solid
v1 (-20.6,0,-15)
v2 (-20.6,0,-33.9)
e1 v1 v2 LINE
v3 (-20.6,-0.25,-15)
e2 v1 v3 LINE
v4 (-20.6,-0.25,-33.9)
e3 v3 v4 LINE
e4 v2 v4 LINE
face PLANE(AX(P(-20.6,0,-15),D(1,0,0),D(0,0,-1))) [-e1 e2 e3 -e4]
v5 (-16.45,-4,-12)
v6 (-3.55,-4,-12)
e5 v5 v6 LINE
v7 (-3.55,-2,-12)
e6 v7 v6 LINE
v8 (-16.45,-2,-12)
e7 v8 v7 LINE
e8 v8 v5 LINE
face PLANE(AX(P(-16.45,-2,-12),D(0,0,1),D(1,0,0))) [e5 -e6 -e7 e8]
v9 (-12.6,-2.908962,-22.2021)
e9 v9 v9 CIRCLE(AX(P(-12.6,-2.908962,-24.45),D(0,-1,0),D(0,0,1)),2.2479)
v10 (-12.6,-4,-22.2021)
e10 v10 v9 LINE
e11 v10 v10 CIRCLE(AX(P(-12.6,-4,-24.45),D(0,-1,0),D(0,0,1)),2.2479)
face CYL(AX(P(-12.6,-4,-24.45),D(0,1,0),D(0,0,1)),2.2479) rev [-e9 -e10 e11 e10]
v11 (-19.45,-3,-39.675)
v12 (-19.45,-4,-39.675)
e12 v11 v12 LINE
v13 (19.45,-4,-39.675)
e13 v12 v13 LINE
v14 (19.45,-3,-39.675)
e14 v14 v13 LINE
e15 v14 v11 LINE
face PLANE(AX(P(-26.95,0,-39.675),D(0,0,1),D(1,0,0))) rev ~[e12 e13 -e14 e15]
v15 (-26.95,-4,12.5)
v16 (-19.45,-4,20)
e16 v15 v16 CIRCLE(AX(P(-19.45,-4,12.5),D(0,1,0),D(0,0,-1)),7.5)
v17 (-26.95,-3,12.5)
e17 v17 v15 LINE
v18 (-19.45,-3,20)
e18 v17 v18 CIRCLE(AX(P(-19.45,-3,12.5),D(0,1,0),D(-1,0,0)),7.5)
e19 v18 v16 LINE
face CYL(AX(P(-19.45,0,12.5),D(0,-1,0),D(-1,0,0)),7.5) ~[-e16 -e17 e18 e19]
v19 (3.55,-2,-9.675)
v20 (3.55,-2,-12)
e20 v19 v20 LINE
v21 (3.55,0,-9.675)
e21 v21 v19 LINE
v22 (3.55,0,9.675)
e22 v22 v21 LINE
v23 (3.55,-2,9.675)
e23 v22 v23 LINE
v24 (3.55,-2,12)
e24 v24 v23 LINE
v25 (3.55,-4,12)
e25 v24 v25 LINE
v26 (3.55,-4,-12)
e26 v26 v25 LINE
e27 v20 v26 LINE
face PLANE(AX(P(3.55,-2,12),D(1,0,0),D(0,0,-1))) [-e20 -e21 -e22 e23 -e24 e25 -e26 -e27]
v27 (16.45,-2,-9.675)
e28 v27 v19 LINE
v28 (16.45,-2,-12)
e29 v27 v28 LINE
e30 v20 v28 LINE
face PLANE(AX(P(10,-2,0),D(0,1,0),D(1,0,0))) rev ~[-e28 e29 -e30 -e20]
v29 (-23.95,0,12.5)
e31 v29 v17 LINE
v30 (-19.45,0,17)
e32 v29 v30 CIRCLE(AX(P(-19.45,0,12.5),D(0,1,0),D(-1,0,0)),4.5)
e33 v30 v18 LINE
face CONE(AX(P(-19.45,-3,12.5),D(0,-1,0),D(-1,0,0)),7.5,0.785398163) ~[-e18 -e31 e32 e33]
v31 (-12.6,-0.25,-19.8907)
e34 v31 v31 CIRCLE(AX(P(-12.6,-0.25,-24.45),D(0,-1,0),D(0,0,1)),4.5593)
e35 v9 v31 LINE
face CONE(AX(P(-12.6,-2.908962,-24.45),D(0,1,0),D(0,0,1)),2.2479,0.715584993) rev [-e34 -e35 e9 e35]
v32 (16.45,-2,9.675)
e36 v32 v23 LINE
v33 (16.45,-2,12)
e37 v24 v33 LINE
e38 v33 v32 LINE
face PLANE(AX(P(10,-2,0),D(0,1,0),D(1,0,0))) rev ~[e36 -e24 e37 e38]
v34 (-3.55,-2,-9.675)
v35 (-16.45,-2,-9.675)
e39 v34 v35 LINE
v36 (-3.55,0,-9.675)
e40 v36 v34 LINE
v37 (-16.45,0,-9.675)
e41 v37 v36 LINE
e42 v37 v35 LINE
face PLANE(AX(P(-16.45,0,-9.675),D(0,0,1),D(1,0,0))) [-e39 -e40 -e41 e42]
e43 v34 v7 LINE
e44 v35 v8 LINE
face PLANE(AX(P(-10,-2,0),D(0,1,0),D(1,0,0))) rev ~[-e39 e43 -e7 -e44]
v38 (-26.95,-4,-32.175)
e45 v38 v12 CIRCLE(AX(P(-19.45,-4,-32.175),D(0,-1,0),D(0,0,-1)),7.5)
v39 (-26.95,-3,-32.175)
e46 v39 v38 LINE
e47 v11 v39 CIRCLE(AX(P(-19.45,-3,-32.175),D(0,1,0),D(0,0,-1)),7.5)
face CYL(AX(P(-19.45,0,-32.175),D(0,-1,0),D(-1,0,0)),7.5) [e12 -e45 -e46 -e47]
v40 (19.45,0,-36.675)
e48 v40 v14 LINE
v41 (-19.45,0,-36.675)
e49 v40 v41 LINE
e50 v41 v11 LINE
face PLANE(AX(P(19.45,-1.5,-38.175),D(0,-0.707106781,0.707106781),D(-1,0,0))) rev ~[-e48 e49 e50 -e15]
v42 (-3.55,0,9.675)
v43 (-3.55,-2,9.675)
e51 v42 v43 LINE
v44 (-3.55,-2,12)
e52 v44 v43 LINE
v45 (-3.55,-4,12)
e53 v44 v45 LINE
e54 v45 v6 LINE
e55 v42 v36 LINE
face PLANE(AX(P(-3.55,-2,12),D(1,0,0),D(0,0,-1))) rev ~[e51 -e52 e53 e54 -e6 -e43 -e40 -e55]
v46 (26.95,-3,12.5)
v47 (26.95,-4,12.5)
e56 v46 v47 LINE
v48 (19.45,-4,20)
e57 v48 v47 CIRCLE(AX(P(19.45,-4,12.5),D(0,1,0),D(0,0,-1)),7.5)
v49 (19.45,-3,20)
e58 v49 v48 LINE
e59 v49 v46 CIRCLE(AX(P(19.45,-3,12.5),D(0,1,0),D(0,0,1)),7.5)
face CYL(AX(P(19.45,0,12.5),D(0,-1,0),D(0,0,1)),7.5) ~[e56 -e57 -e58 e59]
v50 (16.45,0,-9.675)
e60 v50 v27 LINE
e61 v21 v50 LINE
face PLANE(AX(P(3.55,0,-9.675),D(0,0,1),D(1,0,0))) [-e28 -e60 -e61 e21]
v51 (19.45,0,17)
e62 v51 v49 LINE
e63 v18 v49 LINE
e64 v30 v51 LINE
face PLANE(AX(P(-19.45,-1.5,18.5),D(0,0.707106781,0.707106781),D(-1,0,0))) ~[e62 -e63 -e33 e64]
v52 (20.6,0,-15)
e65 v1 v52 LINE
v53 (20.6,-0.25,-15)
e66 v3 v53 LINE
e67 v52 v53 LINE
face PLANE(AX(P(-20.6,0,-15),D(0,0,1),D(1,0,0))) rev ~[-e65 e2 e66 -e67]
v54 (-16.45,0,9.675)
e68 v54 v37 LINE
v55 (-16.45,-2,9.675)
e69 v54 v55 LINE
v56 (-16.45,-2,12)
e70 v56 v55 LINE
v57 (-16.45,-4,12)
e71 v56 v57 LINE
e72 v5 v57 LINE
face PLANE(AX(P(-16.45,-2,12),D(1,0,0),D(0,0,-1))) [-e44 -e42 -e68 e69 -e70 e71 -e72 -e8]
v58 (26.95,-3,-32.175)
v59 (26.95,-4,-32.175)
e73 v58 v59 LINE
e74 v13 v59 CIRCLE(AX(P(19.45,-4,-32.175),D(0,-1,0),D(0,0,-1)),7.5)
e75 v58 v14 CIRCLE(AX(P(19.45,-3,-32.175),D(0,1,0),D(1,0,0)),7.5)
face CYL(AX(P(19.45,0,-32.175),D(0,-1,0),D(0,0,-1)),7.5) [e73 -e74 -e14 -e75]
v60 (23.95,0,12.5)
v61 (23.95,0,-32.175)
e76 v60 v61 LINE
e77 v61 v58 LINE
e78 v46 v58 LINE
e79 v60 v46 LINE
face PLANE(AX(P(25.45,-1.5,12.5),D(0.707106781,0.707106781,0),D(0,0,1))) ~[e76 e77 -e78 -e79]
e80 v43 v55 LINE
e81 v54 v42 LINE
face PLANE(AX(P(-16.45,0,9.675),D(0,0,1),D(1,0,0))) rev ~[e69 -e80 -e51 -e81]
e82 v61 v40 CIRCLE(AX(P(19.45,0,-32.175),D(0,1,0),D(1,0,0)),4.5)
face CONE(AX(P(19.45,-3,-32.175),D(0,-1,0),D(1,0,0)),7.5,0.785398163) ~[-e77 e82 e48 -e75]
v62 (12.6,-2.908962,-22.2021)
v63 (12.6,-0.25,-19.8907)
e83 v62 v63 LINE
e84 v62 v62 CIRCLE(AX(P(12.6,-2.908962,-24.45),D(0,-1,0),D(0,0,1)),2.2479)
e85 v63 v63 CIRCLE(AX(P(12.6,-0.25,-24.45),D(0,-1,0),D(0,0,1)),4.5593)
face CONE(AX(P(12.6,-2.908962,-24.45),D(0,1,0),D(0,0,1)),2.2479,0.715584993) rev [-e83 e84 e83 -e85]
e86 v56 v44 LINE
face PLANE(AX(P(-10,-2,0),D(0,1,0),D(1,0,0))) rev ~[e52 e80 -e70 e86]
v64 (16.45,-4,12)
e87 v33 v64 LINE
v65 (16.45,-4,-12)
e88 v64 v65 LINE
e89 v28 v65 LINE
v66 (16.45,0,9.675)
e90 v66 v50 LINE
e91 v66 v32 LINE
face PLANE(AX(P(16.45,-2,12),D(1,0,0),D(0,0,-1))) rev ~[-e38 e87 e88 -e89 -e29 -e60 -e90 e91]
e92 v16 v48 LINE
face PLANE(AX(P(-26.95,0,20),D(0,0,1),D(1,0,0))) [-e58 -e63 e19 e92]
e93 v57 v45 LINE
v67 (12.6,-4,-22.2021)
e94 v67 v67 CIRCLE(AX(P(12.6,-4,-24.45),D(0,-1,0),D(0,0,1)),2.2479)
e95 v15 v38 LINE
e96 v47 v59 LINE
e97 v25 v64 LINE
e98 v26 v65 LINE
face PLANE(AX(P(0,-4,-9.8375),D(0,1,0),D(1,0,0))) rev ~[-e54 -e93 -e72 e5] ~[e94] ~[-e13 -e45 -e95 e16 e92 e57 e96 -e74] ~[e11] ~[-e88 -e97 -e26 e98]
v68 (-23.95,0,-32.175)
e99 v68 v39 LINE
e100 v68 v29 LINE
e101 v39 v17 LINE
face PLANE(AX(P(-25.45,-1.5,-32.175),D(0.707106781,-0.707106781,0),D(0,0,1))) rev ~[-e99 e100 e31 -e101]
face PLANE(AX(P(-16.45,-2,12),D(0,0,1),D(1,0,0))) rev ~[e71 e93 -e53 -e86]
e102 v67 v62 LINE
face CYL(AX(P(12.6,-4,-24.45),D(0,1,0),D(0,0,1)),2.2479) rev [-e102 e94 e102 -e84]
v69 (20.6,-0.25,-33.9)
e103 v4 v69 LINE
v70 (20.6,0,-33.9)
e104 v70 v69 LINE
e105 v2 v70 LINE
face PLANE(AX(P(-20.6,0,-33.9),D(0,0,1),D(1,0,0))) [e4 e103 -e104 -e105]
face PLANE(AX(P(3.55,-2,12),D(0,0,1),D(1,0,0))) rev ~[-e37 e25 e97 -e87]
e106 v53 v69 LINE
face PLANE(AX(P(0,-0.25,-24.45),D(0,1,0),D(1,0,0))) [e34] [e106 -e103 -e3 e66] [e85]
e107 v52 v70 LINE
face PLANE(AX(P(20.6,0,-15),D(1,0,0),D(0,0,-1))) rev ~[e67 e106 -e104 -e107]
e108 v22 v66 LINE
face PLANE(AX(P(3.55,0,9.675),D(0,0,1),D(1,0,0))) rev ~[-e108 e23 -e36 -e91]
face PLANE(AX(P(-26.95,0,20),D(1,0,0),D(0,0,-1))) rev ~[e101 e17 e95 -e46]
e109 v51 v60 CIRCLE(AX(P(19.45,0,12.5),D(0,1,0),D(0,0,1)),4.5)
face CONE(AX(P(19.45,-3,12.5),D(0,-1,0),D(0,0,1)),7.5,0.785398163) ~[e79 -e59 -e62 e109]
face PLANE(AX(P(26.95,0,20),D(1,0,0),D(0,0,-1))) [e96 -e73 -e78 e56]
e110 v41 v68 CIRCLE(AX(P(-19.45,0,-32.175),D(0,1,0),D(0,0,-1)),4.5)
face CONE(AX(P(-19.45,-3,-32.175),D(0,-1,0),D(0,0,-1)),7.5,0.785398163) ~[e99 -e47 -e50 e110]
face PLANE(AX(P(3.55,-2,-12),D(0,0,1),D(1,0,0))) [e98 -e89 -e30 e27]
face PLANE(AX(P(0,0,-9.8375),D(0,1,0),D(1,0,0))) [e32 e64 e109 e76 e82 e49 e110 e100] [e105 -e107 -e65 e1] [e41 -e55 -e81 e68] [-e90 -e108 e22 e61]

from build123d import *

# Parameters (mm, degrees)
SKETCH1_W                                     = 53.9
SKETCH1_H                                     = 59.675
SKETCH1_W_2                                   = 12.9
SKETCH1_H_2                                   = 19.35
BOSS_EXTRUDE1_DEPTH                           = 4
FILLET1_R                                     = 7.5
CHAMFER1_SIZE                                 = 3
CUT_EXTRUDE1_START                            = -2
SKETCH4_W                                     = 12.9
SKETCH4_H                                     = 24
CUT_EXTRUDE1_DEPTH                            = 3
SKETCH5_W                                     = 41.2
SKETCH5_H                                     = 18.9
CUT_EXTRUDE2_DEPTH                            = 0.25
CSK_FOR_8_FLAT_HEAD_SOCKET_CAP_SCREW1_A_COUNT = 2
CSK_FOR_8_FLAT_HEAD_SOCKET_CAP_SCREW1_A_PITCH = 25.2


with BuildPart() as part:
    # Sketch1 → Boss-Extrude1 (new body)
    with BuildSketch(Plane(origin=(0, 0, 0), x_dir=(1, 0, 0), z_dir=(0, 1, 0))):
        with Locations((0, 9.8375)):
            Rectangle(SKETCH1_W, SKETCH1_H)
        with Locations((10, 0)):
            Rectangle(SKETCH1_W_2, SKETCH1_H_2, mode=Mode.SUBTRACT)
        with Locations((-10, 0)):
            Rectangle(SKETCH1_W_2, SKETCH1_H_2, mode=Mode.SUBTRACT)
    extrude(amount=-BOSS_EXTRUDE1_DEPTH)

    # Fillet1
    fillet1_edges = [part.edges().sort_by_distance(p)[0] for p in [
        (26.95, -2, 20),
        (-26.95, -2, 20),
        (-26.95, -2, -39.675),
        (26.95, -2, -39.675),
    ]]
    fillet(fillet1_edges, radius=FILLET1_R)

    # Chamfer1
    chamfer1_edges = [part.edges().sort_by_distance(p)[0] for p in [
        (26.95, 0, -9.8375),
        (0, 0, -39.675),
        (-26.95, 0, -9.8375),
        (0, 0, 20),
        (-24.753300859, 0, 17.803300859),
        (24.753300859, 0, 17.803300859),
        (-24.753300859, 0, -37.478300859),
        (24.753300859, 0, -37.478300859),
    ]]
    chamfer(chamfer1_edges, length=CHAMFER1_SIZE)

    # Sketch4 → Cut-Extrude1 (cut, through all)
    with BuildSketch(Plane(origin=(0, 0, 0), x_dir=(1, 0, 0), z_dir=(0, 1, 0)).offset(CUT_EXTRUDE1_START)):
        with Locations((-10, 0)):
            Rectangle(SKETCH4_W, SKETCH4_H)
        with Locations((10, 0)):
            Rectangle(SKETCH4_W, SKETCH4_H)
    extrude(amount=-CUT_EXTRUDE1_DEPTH, mode=Mode.SUBTRACT)

    # Sketch5 → Cut-Extrude2 (cut)
    with BuildSketch(Plane(origin=(0, 0, 0), x_dir=(1, 0, 0), z_dir=(0, 1, 0))):
        with Locations((0, 24.45)):
            Rectangle(SKETCH5_W, SKETCH5_H)
    extrude(amount=-CUT_EXTRUDE2_DEPTH, mode=Mode.SUBTRACT)

    # Sketch3 → CSK for #8 Flat Head Socket Cap Screw1 (revolve, cut)
    with BuildSketch(Plane(origin=(-12.6, -0.25, -24.45), x_dir=(0, 0, 1), z_dir=(1, 0, 0))):
        Polygon((0, 0), (0, 3.75), (2.2479, 3.75), (2.2479, 2.658961536), (4.5593, 0), align=None)
    csk_for_8_flat_head_socket_cap_screw1 = revolve(axis=Axis((-12.6, 6.1, -24.45), (0, -1, 0)), mode=Mode.SUBTRACT)

    # CSK for #8 Flat Head Socket Cap Screw1 a: CSK for #8 Flat Head Socket Cap Screw1 ×2
    with Locations(*[(i * CSK_FOR_8_FLAT_HEAD_SOCKET_CAP_SCREW1_A_PITCH, 0, 0) for i in range(1, CSK_FOR_8_FLAT_HEAD_SOCKET_CAP_SCREW1_A_COUNT)]):
        add(csk_for_8_flat_head_socket_cap_screw1, mode=Mode.SUBTRACT)


solid = part.part
